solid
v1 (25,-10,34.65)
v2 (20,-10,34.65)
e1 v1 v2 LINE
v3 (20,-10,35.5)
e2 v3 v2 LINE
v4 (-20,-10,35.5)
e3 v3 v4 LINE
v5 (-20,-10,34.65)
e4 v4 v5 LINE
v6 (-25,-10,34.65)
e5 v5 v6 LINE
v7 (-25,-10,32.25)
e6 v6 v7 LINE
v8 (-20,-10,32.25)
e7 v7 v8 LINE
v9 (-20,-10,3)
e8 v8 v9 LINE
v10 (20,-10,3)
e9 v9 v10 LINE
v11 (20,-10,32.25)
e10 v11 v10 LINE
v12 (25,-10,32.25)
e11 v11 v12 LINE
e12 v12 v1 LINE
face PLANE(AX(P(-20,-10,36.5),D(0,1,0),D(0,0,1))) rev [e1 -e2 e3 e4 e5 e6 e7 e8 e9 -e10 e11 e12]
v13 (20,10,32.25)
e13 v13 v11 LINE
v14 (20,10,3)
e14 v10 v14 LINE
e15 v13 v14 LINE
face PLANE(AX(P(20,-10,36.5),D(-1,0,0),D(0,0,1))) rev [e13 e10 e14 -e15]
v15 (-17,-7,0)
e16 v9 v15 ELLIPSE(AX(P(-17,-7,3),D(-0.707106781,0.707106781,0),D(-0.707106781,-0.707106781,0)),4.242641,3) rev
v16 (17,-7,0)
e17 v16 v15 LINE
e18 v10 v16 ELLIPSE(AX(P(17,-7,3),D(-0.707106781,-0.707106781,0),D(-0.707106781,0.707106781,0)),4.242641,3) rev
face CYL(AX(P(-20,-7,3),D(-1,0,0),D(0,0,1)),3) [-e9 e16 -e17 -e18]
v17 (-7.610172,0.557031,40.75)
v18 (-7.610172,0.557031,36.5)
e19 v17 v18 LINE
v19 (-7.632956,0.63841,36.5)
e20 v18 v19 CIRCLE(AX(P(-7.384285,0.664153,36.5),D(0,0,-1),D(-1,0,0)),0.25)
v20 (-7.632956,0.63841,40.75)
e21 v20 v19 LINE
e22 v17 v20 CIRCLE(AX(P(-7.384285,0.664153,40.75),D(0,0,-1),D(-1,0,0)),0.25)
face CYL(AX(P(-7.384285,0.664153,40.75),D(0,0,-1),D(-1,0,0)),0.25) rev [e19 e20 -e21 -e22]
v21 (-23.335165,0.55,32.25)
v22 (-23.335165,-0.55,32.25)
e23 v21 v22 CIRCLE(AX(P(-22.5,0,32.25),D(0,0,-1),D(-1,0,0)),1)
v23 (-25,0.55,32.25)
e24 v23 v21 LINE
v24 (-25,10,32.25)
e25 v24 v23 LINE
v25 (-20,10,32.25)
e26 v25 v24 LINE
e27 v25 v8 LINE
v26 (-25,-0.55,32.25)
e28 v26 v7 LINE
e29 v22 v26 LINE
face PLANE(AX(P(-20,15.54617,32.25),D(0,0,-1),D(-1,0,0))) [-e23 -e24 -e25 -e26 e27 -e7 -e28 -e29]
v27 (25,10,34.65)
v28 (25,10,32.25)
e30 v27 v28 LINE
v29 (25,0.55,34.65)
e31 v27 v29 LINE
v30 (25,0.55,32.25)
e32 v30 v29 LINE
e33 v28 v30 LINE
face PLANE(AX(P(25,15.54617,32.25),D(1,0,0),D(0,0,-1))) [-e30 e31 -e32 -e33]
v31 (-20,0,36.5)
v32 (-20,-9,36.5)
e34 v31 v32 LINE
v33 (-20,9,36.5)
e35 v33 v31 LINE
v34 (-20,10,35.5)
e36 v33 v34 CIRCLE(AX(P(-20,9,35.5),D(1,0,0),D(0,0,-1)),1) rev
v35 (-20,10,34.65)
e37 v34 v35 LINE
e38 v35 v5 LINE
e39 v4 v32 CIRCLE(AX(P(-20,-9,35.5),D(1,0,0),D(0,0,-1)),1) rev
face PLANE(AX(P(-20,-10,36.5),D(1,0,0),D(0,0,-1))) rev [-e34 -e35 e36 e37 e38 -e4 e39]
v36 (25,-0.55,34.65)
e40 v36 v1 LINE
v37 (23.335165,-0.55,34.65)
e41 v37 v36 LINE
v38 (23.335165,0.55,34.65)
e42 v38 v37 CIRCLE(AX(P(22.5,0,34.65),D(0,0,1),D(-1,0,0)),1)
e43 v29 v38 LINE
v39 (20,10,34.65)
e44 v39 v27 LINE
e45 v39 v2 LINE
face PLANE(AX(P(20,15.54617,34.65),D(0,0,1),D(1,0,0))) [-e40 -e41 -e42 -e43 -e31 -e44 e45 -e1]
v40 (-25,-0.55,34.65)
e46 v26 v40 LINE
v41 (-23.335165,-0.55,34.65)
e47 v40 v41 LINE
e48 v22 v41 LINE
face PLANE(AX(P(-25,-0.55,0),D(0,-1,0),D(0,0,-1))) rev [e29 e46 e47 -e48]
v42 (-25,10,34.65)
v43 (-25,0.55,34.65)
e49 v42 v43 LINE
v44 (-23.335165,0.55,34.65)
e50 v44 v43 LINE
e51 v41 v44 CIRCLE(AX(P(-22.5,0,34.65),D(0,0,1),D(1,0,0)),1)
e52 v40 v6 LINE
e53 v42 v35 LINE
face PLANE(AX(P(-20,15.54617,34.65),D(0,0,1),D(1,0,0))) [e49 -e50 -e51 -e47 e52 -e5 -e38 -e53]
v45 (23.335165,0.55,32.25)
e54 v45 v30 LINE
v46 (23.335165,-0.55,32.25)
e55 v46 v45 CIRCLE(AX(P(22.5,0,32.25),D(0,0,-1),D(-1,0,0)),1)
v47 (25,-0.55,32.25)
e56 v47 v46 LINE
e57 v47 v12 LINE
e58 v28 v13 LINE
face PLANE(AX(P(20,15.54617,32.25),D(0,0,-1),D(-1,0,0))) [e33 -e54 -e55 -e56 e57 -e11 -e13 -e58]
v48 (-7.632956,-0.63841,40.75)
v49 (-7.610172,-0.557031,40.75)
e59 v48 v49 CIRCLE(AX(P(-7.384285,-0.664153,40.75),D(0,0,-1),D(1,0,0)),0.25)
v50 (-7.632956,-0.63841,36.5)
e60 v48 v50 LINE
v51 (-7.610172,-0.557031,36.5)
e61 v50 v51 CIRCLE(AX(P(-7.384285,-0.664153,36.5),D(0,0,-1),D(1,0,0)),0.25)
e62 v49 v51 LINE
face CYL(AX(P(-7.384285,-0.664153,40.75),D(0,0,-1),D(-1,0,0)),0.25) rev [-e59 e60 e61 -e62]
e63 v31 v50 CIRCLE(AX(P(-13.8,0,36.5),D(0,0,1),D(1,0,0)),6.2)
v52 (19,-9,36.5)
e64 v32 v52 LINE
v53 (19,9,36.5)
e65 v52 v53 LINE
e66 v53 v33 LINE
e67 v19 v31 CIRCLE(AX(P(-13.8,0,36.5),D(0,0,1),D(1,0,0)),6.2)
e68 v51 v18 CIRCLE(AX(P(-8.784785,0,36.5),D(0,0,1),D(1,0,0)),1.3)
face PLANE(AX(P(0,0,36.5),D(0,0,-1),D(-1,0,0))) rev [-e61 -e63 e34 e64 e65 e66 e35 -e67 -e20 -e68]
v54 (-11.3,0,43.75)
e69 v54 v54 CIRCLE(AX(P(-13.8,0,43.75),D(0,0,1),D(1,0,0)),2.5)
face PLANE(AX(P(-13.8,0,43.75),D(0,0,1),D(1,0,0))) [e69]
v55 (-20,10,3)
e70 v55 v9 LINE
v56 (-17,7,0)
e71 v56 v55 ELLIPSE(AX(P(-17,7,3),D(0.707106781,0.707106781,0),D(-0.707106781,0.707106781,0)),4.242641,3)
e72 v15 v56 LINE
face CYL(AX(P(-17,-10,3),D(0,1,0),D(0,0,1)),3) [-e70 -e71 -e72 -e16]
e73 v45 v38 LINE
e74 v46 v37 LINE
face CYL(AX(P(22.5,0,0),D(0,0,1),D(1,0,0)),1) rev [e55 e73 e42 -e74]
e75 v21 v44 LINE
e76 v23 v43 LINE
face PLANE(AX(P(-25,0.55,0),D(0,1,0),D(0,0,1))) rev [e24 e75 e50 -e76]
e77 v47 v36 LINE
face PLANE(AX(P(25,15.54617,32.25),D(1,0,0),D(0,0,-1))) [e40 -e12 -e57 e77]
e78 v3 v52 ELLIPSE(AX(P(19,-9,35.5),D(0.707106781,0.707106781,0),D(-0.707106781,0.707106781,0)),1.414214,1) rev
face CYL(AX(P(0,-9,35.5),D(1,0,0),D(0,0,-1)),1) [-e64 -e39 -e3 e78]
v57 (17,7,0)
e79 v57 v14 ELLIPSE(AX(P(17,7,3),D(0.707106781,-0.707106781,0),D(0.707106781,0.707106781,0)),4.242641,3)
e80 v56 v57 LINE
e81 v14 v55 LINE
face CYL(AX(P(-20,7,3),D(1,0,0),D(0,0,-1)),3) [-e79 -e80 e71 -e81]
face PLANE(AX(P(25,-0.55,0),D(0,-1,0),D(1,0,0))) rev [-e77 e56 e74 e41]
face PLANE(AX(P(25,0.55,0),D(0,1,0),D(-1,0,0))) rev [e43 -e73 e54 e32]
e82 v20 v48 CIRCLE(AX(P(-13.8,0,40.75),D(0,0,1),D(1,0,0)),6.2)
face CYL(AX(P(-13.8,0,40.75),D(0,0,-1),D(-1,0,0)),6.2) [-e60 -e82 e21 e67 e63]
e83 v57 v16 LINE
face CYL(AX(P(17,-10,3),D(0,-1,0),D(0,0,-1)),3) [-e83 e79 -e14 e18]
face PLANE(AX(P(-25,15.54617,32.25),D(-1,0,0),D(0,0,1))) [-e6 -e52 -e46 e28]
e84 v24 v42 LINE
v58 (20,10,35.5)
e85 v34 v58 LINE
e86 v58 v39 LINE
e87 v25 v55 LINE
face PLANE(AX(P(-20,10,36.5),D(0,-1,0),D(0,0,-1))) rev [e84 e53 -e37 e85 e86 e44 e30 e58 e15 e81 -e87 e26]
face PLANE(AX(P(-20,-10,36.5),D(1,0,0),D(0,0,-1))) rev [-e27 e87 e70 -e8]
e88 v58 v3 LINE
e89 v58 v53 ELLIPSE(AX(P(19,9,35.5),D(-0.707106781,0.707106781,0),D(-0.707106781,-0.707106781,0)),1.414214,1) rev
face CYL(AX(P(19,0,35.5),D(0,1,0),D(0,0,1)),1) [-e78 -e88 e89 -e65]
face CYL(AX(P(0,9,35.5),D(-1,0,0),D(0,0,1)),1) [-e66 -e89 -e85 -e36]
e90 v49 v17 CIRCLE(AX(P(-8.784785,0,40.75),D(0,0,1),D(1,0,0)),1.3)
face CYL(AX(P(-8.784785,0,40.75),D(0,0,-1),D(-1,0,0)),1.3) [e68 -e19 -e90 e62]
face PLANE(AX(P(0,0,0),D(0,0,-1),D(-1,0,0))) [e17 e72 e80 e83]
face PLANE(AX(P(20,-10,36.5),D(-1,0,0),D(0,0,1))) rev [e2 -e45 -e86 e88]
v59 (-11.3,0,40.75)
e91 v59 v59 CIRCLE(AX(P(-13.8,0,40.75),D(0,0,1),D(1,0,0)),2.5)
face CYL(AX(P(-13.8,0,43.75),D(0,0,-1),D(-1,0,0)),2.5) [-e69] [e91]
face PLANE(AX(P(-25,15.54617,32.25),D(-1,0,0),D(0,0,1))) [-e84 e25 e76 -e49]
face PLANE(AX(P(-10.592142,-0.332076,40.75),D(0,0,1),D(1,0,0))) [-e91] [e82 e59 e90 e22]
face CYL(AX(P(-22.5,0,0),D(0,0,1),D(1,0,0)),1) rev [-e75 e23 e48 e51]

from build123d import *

# Parameters (mm, degrees)
SKETCH1_W           = 40
SKETCH1_H           = 20
BOSS_EXTRUDE1_DEPTH = 36.5
SKETCH2_W           = 5
SKETCH2_H           = 2.4
BOSS_EXTRUDE2_DEPTH = 20
CUT_EXTRUDE1_DEPTH  = 44.881915409
BOSS_EXTRUDE3_DEPTH = 4.25
SKETCH9_R           = 2.5
BOSS_EXTRUDE4_DEPTH = 3
FILLET1_R           = 3
FILLET2_R           = 1


with BuildPart() as part:
    # Sketch1 → Boss-Extrude1 (new body)
    with BuildSketch(Plane.XY):
        Rectangle(SKETCH1_W, SKETCH1_H)
    extrude(amount=BOSS_EXTRUDE1_DEPTH)

    # Sketch2 → Boss-Extrude2 (add)
    with BuildSketch(Plane.XZ.offset(10)):
        with Locations((22.5, 33.45)):
            Rectangle(SKETCH2_W, SKETCH2_H)
        with Locations((-22.5, 33.45)):
            Rectangle(SKETCH2_W, SKETCH2_H)
    extrude(amount=-BOSS_EXTRUDE2_DEPTH)

    # Sketch3 → Cut-Extrude1 (cut, through all)
    with BuildSketch(Plane.XY.offset(34.65)):
        with BuildLine():
            Line((25, -0.55), (23.335164654, -0.55))
            ThreePointArc((23.335164654, -0.55), (21.5, 0), (23.335164654, 0.55))
            Line((23.335164654, 0.55), (25, 0.55))
            Line((25, 0.55), (25, -0.55))
        make_face()
        with BuildLine():
            Line((-25, 0.55), (-23.335164654, 0.55))
            ThreePointArc((-23.335164654, 0.55), (-21.5, 0), (-23.335164654, -0.55))
            Line((-23.335164654, -0.55), (-25, -0.55))
            Line((-25, -0.55), (-25, 0.55))
        make_face()
    extrude(amount=-CUT_EXTRUDE1_DEPTH, mode=Mode.SUBTRACT)

    # Sketch4 → Boss-Extrude3 (add)
    with BuildSketch(Plane.XY.offset(36.5)):
        with BuildLine():
            ThreePointArc((-7.632955955, 0.638410329), (-20, 0), (-7.632955955, -0.638410329))
            ThreePointArc((-7.632955955, -0.638410329), (-7.625027484, -0.596751111), (-7.610171977, -0.557031281))
            ThreePointArc((-7.610171977, -0.557031281), (-7.484785169, 0), (-7.610171977, 0.557031281))
            ThreePointArc((-7.610171977, 0.557031281), (-7.625027484, 0.596751111), (-7.632955955, 0.638410329))
        make_face()
    extrude(amount=BOSS_EXTRUDE3_DEPTH)

    # Sketch9 → Boss-Extrude4 (add)
    with BuildSketch(Plane.XY.offset(40.75)):
        with Locations((-13.8, 0)):
            Circle(SKETCH9_R)
    extrude(amount=BOSS_EXTRUDE4_DEPTH)

    # Fillet1
    fillet1_edges = [part.edges().sort_by_distance(p)[0] for p in [
        (0, -10, 0),
        (-20, 0, 0),
        (0, 10, 0),
        (20, 0, 0),
    ]]
    fillet(fillet1_edges, radius=FILLET1_R)

    # Fillet2
    fillet2_edges = [part.edges().sort_by_distance(p)[0] for p in [
        (0, -10, 36.5),
        (20, 0, 36.5),
        (0, 10, 36.5),
    ]]
    fillet(fillet2_edges, radius=FILLET2_R)


solid = part.part
